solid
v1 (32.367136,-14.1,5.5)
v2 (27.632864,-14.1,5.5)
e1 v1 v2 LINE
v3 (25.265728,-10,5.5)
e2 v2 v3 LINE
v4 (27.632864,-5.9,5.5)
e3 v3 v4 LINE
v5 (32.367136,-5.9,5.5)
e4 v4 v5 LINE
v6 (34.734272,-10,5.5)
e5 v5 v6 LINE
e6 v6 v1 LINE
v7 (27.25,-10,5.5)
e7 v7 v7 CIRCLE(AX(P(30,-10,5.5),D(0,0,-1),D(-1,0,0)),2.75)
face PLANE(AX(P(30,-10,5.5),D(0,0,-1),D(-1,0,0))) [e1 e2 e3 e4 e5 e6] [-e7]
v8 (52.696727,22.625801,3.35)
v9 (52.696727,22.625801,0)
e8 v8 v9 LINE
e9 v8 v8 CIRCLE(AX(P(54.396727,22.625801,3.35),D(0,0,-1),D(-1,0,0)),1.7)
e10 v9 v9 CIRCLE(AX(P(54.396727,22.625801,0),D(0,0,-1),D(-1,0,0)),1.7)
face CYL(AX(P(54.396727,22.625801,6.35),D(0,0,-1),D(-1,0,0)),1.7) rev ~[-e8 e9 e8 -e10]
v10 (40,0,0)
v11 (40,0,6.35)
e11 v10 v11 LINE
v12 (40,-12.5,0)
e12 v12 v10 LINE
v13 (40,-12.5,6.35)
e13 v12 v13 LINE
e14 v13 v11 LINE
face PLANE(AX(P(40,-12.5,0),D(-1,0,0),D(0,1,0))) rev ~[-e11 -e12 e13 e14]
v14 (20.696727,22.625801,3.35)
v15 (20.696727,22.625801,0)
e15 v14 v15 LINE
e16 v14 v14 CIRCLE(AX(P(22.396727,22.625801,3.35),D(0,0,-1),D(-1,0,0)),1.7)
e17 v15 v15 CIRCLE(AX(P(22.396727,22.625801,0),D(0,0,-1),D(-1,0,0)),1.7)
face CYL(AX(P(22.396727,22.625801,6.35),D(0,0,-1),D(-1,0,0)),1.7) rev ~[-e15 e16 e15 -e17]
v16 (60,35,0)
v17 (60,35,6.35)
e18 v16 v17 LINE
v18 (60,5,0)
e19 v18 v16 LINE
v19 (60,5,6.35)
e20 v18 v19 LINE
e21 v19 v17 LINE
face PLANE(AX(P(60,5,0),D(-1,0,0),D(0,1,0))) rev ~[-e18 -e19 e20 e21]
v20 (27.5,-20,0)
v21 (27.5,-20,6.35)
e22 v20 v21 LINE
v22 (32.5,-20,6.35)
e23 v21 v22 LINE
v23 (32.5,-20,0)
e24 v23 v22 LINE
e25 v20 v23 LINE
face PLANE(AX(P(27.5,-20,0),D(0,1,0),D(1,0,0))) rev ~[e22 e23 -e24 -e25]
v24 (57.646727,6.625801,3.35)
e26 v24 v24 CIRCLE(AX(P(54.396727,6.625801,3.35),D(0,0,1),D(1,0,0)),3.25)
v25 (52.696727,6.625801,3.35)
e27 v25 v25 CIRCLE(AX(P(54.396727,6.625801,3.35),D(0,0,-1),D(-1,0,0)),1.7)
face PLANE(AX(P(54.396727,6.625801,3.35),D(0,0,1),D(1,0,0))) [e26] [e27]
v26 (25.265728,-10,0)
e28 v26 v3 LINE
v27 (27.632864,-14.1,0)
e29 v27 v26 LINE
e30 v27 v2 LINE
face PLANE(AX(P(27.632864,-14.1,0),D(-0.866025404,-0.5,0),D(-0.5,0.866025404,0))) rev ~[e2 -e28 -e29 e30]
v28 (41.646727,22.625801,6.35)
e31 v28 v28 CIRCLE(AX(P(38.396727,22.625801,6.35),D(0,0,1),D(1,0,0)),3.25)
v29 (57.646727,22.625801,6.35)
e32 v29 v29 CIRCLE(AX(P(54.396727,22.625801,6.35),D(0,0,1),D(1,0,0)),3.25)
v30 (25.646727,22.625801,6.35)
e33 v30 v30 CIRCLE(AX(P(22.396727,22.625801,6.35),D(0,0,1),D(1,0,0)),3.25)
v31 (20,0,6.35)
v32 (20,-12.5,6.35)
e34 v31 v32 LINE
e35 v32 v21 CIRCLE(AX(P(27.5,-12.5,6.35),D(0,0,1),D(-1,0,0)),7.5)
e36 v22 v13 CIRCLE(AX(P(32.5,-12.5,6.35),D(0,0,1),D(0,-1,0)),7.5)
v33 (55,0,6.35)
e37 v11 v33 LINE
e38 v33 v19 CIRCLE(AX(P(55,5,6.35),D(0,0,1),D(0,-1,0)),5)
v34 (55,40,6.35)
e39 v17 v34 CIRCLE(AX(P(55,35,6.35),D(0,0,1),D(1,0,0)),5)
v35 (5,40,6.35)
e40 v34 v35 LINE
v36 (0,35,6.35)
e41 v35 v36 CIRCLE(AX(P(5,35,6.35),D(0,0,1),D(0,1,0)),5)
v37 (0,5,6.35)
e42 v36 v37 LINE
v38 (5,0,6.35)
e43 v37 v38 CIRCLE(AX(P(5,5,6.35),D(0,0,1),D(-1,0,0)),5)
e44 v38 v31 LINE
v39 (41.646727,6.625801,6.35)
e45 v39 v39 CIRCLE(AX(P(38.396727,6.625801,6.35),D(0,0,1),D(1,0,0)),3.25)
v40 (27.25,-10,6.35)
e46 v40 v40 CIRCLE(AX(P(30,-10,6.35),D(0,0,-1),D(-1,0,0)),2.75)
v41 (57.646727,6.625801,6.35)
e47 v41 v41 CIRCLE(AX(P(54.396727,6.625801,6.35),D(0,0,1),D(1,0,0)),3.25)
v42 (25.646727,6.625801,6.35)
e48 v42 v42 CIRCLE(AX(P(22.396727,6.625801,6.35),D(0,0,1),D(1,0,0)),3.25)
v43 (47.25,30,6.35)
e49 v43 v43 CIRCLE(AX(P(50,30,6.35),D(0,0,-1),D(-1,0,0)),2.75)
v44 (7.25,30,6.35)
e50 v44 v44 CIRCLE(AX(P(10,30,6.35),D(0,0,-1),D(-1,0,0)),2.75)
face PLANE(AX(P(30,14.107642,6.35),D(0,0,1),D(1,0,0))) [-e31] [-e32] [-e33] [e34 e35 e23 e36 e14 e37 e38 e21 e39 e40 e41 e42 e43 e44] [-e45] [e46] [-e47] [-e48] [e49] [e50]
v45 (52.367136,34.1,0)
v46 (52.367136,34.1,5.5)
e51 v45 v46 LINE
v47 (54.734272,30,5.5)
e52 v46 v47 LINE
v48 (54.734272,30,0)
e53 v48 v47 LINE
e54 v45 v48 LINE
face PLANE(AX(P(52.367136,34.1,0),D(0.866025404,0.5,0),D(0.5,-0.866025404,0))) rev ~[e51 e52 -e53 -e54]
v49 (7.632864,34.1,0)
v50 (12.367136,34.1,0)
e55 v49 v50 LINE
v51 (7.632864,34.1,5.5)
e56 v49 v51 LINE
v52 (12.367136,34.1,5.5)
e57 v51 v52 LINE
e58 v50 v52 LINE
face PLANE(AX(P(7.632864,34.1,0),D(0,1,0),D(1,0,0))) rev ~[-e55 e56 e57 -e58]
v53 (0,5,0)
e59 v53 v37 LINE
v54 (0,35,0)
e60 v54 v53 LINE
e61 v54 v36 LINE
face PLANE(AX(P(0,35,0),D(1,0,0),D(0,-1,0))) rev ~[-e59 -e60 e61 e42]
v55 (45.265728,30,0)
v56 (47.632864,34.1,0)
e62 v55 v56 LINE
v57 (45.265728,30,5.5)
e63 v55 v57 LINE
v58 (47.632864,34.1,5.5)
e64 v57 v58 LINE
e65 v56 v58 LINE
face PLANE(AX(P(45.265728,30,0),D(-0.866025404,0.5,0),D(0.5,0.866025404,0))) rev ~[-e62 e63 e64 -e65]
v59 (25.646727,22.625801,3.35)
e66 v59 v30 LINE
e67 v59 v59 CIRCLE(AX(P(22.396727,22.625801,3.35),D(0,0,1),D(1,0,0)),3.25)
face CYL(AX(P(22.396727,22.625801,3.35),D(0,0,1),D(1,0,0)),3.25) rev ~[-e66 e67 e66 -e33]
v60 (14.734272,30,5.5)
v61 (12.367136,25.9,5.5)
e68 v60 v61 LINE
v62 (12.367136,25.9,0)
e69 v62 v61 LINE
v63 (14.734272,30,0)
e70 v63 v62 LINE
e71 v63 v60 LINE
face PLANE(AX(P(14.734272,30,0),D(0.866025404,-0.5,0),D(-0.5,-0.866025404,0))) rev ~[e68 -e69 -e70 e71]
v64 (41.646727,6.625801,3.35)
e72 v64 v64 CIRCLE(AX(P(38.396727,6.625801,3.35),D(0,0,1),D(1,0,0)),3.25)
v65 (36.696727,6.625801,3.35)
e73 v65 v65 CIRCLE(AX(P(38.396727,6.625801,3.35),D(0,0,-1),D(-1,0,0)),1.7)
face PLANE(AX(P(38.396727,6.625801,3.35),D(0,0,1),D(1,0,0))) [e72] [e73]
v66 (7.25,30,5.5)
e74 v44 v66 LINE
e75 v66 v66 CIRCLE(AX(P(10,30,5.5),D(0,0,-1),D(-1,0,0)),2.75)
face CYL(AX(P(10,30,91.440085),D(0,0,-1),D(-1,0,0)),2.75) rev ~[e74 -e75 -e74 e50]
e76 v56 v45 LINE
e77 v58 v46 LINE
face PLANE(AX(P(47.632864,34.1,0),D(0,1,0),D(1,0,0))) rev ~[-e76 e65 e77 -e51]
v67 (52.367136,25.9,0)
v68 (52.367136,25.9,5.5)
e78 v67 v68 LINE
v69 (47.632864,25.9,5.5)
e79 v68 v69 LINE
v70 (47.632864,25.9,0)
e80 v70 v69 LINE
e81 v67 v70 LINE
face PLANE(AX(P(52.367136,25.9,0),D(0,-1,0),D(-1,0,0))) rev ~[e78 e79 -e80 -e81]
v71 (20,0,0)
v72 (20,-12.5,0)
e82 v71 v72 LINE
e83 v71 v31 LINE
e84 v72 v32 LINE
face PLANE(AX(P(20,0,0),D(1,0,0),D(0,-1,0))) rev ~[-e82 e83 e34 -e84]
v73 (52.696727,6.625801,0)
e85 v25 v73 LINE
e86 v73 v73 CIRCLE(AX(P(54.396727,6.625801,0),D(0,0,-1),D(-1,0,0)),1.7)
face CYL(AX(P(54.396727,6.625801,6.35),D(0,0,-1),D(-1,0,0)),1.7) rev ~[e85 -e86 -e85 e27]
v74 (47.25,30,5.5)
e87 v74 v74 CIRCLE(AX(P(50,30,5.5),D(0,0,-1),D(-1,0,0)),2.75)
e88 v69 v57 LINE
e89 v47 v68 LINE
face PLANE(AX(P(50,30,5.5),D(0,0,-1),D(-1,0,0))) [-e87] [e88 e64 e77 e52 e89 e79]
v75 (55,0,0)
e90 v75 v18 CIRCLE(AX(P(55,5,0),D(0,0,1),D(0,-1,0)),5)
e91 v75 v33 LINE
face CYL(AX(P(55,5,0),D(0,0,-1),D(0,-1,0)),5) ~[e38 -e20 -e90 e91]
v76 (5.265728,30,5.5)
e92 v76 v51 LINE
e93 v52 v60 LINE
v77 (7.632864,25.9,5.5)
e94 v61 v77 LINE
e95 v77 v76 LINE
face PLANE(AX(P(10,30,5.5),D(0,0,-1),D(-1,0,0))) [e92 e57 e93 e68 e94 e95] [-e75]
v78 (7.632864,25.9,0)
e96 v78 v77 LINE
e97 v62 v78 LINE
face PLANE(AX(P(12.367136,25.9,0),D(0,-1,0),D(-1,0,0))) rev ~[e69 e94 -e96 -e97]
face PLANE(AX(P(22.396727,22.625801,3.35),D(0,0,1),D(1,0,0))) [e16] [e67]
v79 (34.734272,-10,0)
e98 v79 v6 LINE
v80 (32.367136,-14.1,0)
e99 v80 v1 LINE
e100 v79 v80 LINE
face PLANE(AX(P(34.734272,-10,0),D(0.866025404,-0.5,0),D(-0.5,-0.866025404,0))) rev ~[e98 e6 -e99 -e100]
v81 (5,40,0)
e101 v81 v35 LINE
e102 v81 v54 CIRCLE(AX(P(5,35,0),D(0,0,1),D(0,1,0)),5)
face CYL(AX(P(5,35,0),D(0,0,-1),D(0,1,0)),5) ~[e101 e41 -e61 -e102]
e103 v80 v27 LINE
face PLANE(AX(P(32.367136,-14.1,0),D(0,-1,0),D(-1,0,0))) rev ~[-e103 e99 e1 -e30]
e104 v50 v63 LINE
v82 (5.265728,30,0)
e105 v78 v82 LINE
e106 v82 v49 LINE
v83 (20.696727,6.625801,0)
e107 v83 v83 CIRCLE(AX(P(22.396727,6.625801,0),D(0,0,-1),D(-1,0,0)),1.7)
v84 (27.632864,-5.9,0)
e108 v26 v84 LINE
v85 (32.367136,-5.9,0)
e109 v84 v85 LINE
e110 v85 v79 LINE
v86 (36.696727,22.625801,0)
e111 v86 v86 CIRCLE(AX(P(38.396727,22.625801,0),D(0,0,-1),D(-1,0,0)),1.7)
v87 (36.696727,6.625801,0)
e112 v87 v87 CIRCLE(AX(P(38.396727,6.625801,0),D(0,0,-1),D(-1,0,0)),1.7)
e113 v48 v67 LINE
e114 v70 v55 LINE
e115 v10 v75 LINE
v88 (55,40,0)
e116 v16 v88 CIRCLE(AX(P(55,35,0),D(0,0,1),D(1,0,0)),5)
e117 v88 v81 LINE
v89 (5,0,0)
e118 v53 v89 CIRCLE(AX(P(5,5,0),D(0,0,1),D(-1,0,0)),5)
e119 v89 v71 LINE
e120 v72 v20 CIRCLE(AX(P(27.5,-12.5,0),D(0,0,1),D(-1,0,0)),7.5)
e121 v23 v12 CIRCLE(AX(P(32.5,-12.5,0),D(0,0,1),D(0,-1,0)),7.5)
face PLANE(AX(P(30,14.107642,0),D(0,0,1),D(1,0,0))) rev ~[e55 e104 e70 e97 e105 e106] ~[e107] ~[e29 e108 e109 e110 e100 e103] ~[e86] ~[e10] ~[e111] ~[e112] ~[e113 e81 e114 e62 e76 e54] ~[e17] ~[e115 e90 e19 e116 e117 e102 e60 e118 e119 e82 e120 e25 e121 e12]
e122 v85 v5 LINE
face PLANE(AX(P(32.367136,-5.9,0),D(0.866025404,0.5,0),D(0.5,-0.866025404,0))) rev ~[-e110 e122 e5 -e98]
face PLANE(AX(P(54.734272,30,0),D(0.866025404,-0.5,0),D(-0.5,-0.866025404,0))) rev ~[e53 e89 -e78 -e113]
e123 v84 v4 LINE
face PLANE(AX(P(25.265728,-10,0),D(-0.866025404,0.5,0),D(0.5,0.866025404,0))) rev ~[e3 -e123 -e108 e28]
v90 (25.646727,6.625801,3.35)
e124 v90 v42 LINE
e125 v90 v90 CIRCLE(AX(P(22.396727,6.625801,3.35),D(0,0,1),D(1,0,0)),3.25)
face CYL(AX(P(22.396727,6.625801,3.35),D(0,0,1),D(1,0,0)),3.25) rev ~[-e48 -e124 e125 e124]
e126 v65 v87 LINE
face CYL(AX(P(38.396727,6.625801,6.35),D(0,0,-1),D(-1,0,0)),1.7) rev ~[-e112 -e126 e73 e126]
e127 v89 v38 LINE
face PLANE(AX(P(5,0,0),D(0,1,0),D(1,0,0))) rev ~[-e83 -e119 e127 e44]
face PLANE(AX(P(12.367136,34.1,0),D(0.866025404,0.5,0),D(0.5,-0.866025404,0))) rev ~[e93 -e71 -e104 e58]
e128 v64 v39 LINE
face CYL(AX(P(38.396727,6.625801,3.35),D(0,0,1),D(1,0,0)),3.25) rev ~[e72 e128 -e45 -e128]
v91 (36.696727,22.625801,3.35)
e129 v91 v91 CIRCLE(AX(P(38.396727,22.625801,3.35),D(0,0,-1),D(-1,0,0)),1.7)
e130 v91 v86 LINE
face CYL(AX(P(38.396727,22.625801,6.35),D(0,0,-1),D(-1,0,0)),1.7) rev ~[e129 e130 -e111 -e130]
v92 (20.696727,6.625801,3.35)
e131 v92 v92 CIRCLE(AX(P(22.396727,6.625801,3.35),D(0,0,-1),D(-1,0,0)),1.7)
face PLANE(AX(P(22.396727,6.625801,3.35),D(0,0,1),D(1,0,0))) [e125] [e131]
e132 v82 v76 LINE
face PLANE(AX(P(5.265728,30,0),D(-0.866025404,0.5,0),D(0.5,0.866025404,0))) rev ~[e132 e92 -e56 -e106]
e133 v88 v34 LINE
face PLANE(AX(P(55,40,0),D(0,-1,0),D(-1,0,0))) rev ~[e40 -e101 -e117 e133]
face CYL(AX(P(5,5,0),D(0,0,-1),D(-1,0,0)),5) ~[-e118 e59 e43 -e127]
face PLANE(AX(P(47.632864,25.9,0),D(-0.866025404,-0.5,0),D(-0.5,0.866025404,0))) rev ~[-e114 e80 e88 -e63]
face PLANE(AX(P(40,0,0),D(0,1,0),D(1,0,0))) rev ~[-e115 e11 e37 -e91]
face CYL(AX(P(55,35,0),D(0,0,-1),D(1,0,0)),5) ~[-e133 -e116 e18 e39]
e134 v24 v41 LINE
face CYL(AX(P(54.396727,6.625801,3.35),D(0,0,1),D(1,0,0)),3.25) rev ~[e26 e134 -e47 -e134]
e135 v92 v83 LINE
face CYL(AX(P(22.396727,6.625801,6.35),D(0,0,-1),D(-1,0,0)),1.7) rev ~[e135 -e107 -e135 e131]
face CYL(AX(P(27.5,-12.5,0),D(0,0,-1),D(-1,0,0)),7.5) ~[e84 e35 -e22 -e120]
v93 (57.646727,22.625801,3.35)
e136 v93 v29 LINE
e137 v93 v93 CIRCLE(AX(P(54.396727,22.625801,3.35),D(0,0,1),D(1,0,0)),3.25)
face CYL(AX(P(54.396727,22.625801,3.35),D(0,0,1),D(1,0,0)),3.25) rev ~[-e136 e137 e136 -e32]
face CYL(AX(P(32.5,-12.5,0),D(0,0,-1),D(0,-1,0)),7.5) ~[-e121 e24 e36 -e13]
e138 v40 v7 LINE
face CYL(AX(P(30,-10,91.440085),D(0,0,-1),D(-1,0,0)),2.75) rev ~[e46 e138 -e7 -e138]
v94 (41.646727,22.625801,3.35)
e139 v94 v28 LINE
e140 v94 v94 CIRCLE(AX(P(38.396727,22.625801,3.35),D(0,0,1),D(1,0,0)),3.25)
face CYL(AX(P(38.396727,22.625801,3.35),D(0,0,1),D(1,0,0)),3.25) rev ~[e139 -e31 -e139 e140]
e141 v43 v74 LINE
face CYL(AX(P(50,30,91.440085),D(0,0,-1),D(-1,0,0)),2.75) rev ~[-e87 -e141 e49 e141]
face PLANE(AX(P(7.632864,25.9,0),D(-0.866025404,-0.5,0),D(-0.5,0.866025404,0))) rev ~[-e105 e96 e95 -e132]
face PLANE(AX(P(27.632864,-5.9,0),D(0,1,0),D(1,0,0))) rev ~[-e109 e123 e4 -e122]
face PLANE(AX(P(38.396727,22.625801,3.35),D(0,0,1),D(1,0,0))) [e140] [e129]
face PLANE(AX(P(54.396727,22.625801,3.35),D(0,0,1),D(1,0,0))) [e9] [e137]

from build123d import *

# Parameters (mm, degrees)
BOSS_EXTRUDE1_DEPTH            = 6.35
M5_CLEARANCE_HOLE1_D           = 5.5
CBORE_FOR_M3_SHCS1_D           = 3.4
CBORE_FOR_M3_SHCS1_CBORE_D     = 6.5
CBORE_FOR_M3_SHCS1_CBORE_DEPTH = 3
CUT_EXTRUDE1_DEPTH             = 5.5


with BuildPart() as part:
    # Sketch1 → Boss-Extrude1 (new body)
    with BuildSketch(Plane.XY):
        with BuildLine():
            Line((5, 0), (20, 0))
            Line((20, 0), (20, -12.5))
            ThreePointArc((20, -12.5), (22.196699141, -17.803300859), (27.5, -20))
            Line((27.5, -20), (32.5, -20))
            ThreePointArc((32.5, -20), (37.803300859, -17.803300859), (40, -12.5))
            Line((40, -12.5), (40, 0))
            Line((40, 0), (55, 0))
            ThreePointArc((55, 0), (58.535533906, 1.464466094), (60, 5))
            Line((60, 5), (60, 35))
            ThreePointArc((60, 35), (58.535533906, 38.535533906), (55, 40))
            Line((55, 40), (5, 40))
            ThreePointArc((5, 40), (1.464466094, 38.535533906), (0, 35))
            Line((0, 35), (0, 5))
            ThreePointArc((0, 5), (1.464466094, 1.464466094), (5, 0))
        make_face()
    extrude(amount=BOSS_EXTRUDE1_DEPTH)

    # M5 Clearance Hole1 (through all)
    with Locations(Plane.XY.offset(6.35)):
        with Locations((30, -10), (10, 30), (50, 30)):
            Hole(M5_CLEARANCE_HOLE1_D / 2)

    # CBORE for M3 SHCS1 (through all)
    with Locations(Plane.XY.offset(6.35)):
        with Locations((38.396727498, 22.625800799), (54.396727498, 6.625800799), (38.396727498, 6.625800799), (54.396727498, 22.625800799), (22.396727498, 6.625800799), (22.396727498, 22.625800799)):
            CounterBoreHole(CBORE_FOR_M3_SHCS1_D / 2, CBORE_FOR_M3_SHCS1_CBORE_D / 2, CBORE_FOR_M3_SHCS1_CBORE_DEPTH)

    # Sketch7 → Cut-Extrude1 (cut)
    with BuildSketch(Plane(origin=(0, 0, 0), x_dir=(-1, 0, 0), z_dir=(0, 0, -1))):
        Polygon((-45.265727793, 30), (-47.632863896, 34.1), (-52.367136104, 34.1), (-54.734272207, 30), (-52.367136104, 25.9), (-47.632863896, 25.9), align=None)
        Polygon((-5.265727793, 30), (-7.632863896, 34.1), (-12.367136104, 34.1), (-14.734272207, 30), (-12.367136104, 25.9), (-7.632863896, 25.9), align=None)
        Polygon((-25.265727793, -10), (-27.632863896, -5.9), (-32.367136104, -5.9), (-34.734272207, -10), (-32.367136104, -14.1), (-27.632863896, -14.1), align=None)
    extrude(amount=-CUT_EXTRUDE1_DEPTH, mode=Mode.SUBTRACT)


solid = part.part
